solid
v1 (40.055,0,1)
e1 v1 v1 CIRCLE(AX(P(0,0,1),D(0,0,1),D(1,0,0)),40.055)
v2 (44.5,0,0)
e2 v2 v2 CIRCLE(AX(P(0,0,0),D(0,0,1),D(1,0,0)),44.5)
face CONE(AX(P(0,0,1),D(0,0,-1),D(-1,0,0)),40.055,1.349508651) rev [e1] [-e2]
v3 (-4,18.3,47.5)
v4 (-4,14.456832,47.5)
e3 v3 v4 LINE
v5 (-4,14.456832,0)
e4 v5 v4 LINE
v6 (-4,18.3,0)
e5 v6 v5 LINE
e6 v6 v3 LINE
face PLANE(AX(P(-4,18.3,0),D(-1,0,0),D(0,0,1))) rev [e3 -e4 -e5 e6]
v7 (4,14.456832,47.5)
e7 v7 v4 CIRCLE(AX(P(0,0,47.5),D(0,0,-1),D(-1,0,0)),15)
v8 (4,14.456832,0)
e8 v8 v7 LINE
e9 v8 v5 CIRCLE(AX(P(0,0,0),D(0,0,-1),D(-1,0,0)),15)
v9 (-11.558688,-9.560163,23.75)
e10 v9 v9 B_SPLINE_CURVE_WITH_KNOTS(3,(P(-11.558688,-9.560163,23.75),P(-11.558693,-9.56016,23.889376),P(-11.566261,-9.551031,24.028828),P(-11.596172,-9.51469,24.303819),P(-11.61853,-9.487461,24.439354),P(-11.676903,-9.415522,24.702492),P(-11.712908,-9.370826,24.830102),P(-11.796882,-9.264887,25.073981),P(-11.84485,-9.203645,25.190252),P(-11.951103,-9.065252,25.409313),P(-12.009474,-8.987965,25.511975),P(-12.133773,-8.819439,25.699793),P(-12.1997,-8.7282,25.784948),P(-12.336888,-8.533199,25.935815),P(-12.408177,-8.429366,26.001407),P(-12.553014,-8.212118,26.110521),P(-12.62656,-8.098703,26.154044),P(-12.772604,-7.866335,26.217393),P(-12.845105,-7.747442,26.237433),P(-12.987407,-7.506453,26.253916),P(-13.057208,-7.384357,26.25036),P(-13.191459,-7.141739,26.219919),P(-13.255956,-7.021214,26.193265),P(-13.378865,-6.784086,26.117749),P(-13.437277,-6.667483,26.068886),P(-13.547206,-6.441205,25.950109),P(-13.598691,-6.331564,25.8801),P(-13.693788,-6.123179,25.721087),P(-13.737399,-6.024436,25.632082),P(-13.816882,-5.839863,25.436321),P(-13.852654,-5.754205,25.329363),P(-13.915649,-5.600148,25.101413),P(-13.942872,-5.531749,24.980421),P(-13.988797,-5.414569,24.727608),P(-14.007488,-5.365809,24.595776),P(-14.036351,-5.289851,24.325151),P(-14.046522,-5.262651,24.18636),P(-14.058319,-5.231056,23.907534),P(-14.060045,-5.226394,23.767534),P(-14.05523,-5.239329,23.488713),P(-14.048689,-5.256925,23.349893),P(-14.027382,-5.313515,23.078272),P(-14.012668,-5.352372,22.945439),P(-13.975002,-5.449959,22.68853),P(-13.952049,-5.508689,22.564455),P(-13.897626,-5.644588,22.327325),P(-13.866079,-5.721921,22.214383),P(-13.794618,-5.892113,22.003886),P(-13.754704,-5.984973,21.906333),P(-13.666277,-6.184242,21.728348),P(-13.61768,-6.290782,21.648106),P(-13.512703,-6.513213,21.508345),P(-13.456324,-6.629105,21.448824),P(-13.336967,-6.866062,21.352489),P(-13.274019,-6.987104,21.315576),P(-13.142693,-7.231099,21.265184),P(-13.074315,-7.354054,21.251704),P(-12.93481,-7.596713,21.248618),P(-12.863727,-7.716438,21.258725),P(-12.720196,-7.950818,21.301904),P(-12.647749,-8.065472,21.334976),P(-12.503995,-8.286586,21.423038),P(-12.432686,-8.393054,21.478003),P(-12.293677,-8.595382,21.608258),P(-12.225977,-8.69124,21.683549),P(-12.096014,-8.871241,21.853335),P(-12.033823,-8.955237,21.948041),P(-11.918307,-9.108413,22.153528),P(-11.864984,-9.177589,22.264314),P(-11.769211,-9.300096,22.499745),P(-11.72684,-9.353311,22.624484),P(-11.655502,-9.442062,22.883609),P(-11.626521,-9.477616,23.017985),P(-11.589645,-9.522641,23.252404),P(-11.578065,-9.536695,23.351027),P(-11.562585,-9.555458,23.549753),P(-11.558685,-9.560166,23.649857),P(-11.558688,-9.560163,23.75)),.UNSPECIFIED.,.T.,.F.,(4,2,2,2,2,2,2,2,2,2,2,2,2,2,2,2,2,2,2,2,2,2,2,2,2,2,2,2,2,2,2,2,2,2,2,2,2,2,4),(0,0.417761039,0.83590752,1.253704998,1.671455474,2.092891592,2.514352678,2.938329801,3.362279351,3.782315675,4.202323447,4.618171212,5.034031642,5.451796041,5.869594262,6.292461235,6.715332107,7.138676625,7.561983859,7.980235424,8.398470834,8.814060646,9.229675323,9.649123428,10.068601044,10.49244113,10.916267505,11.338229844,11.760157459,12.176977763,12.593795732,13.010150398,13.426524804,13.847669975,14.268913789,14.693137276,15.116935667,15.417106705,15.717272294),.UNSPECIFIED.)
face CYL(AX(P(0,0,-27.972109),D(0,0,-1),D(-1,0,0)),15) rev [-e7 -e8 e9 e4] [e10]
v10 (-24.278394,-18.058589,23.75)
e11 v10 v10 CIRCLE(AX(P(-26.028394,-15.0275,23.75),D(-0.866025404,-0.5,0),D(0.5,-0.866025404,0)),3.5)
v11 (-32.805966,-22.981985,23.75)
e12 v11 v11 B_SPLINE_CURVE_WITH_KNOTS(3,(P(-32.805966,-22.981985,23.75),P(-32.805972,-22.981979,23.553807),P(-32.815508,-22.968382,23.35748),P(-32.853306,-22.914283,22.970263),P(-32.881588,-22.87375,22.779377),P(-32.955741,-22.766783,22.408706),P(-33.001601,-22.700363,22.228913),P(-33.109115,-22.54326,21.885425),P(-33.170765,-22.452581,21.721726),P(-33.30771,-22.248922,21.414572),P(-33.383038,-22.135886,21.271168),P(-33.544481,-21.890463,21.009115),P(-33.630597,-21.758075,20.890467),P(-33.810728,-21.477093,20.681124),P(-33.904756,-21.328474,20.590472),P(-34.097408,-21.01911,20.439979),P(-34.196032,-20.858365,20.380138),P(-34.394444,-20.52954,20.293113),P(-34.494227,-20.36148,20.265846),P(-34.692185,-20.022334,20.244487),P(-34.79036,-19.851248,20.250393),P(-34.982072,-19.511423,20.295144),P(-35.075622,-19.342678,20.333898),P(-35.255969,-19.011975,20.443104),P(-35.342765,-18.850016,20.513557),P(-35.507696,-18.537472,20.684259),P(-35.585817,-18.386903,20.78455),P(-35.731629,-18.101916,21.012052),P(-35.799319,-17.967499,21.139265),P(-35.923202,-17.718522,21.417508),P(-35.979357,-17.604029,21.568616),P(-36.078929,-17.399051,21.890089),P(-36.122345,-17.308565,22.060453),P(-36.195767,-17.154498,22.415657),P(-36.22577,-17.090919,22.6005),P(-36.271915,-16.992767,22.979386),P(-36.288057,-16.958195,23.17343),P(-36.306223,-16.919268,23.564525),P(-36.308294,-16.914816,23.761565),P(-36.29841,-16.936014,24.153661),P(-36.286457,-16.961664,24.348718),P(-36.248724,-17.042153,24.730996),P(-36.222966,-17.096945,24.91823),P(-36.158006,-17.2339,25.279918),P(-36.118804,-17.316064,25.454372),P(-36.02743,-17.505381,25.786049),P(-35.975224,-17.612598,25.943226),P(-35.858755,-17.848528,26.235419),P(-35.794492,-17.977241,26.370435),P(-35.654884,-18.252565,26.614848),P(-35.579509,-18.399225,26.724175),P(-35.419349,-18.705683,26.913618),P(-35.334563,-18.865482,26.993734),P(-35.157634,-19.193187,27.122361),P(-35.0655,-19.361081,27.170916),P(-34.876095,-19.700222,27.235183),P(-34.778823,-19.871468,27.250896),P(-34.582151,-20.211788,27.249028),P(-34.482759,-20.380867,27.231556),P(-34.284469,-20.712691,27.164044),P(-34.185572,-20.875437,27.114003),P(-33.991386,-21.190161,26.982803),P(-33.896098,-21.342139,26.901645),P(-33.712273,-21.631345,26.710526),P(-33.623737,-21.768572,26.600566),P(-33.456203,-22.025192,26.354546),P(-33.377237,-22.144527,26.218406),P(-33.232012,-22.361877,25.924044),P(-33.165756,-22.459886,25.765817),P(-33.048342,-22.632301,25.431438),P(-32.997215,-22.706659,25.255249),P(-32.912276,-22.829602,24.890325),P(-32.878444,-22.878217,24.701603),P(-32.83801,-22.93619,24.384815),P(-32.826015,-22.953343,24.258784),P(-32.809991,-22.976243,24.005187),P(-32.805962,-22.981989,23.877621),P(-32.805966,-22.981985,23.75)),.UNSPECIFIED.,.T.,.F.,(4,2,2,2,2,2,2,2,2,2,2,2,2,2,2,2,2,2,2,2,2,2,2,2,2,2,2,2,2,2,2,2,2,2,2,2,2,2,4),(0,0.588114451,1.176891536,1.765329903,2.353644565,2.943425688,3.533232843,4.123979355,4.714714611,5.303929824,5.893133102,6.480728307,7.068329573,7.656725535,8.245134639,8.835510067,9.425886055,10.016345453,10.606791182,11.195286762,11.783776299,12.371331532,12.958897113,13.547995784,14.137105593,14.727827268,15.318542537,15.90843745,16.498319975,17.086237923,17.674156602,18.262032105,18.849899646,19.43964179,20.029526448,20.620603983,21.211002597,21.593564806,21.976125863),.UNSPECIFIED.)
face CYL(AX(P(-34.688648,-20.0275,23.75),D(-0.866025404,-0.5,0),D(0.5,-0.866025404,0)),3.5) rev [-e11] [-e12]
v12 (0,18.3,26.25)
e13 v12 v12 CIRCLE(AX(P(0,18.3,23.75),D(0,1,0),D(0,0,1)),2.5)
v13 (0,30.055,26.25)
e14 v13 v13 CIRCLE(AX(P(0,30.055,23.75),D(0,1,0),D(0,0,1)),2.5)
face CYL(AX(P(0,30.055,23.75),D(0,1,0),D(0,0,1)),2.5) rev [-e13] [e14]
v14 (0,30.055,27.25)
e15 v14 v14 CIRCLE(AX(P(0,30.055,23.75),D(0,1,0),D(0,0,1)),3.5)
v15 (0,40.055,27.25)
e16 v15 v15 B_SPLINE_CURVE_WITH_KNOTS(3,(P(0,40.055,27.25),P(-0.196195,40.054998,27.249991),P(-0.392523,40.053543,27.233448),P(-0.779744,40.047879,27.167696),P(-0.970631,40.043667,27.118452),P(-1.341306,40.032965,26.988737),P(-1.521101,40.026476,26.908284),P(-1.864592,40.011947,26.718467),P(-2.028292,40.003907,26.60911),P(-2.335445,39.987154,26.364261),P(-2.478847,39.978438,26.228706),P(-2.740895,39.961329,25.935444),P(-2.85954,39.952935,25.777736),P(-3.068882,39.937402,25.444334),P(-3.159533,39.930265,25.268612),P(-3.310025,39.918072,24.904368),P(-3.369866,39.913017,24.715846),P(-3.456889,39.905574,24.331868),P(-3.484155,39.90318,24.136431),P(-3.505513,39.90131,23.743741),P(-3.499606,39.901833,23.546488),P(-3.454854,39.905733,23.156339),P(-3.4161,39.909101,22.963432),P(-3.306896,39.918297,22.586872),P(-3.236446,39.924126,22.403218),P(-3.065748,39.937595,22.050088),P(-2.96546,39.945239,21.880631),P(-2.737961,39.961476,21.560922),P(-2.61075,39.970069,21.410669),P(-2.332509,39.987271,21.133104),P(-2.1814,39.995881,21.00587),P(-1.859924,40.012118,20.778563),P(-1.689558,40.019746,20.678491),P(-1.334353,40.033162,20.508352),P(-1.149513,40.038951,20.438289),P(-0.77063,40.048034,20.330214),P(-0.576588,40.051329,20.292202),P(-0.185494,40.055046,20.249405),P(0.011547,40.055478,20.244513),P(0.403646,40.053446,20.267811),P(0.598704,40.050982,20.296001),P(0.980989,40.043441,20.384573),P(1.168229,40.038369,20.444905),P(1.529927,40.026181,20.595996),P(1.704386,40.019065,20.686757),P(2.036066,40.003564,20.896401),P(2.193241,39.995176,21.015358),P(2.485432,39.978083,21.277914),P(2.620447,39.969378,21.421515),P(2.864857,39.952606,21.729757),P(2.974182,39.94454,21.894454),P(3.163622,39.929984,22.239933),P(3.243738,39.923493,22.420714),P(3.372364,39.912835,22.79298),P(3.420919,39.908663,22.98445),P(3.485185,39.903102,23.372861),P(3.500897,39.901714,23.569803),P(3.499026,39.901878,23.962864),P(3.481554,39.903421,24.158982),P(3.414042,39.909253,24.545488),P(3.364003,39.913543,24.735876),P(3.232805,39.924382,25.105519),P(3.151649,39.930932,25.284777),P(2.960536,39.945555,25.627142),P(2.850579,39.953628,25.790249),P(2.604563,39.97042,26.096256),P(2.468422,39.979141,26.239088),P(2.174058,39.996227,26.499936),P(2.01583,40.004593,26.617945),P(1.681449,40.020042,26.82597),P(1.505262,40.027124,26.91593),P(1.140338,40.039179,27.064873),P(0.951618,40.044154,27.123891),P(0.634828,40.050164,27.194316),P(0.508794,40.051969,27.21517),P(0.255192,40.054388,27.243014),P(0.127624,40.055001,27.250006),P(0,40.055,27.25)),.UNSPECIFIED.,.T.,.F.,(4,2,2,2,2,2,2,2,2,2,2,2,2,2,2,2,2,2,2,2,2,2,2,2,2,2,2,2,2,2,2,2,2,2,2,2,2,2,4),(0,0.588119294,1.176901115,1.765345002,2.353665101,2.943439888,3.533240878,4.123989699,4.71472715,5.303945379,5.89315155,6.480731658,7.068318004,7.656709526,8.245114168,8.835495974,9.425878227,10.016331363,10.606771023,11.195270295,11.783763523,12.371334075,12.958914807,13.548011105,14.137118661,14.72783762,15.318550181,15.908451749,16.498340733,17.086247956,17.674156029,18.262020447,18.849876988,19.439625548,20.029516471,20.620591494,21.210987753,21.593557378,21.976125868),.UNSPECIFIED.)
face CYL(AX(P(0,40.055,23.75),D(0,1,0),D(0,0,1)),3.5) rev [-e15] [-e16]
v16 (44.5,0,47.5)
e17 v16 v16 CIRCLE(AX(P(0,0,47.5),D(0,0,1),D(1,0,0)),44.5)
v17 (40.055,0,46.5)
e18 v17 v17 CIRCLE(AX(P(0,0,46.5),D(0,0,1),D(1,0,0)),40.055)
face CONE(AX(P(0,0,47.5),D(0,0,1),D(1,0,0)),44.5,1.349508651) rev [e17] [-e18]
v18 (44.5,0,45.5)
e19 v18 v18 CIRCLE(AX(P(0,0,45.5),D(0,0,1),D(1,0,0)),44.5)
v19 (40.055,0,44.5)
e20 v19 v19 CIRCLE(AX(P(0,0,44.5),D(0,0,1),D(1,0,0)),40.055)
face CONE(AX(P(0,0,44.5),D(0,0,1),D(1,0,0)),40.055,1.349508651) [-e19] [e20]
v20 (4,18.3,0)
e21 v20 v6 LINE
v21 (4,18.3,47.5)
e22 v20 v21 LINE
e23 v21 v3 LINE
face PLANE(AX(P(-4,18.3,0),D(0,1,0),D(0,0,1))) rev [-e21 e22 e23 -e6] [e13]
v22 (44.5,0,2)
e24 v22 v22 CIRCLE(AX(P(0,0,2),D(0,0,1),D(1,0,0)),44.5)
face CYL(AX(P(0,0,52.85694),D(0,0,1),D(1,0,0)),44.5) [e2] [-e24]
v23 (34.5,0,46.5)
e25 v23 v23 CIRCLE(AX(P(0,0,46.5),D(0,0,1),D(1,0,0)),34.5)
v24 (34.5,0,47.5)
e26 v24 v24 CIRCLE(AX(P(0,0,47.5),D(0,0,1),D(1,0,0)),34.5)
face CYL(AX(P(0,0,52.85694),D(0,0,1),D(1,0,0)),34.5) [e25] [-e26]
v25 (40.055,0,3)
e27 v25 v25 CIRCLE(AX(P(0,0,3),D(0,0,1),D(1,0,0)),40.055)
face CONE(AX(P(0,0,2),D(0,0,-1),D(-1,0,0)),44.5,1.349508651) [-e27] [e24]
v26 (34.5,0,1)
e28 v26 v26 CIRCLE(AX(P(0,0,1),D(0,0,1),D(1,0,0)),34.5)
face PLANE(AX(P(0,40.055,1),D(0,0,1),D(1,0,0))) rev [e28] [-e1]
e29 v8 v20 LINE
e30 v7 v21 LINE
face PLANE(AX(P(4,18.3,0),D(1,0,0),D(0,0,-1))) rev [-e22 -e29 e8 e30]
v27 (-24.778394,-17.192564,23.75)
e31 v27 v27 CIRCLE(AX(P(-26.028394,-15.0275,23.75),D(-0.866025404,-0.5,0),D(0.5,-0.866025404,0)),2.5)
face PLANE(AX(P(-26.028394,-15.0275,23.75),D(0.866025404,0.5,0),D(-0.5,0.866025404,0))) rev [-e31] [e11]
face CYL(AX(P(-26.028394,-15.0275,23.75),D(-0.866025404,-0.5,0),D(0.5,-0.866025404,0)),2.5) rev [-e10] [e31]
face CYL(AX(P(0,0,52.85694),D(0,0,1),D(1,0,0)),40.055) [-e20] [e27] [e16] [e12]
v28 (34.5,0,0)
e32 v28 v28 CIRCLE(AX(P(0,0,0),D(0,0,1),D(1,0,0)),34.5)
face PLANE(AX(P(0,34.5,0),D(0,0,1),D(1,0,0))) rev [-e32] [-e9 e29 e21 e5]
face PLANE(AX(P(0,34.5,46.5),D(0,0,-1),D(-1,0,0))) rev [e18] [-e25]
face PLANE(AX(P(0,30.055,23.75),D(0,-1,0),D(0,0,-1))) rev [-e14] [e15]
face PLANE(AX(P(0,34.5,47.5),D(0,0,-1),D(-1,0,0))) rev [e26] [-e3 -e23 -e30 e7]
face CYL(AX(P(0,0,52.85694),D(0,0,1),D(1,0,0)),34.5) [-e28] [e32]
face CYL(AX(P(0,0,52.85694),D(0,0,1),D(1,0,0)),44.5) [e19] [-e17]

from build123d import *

# Parameters (mm, degrees)
SKETCH2_W                    = 47.5
SKETCH2_H                    = 15
CUT_EXTRUDE1_DEPTH           = 79.846369606
F_7_0_7_DIAMETER_HOLE1_D     = 7
F_7_0_7_DIAMETER_HOLE1_DEPTH = 10
M6X1_0_TAPPED_HOLE1_REACH    = 100.969
M6X1_0_TAPPED_HOLE1_BORE_R   = 2.5
CIRPATTERN1_COUNT            = 2
CIRPATTERN1_ANGLE            = 120


with BuildPart() as part:
    # Sketch1 → Revolve1 (revolve)
    with BuildSketch(Plane(origin=(0, 0, 0), x_dir=(0, 0, -1), z_dir=(1, 0, 0)), mode=Mode.PRIVATE) as revolve1_sk:
        Polygon((-47.5, 34.5), (-46.5, 34.5), (-46.5, 40.055), (-47.5, 44.5), (-45.5, 44.5), (-44.5, 40.055), (-3, 40.055), (-2, 44.5), (0, 44.5), (-1, 40.055), (-1, 34.5), (0, 34.5), (0, 0), (-47.5, 0), align=None)
    revolve(revolve1_sk.sketch.rotate(Axis((0, 0, 52.856940479), (0, 0, -1)), 90), axis=Axis((0, 0, 52.856940479), (0, 0, -1)))

    # Sketch2 → Cut-Revolve1 (revolve, cut)
    with BuildSketch(Plane(origin=(0, 0, 0), x_dir=(0, 0, -1), z_dir=(1, 0, 0)), mode=Mode.PRIVATE) as cut_revolve1_sk:
        with Locations((-23.75, 7.5)):
            Rectangle(SKETCH2_W, SKETCH2_H)
    revolve(cut_revolve1_sk.sketch.rotate(Axis((0, 0, -27.972108766), (0, 0, 1)), 90), axis=Axis((0, 0, -27.972108766), (0, 0, 1)), mode=Mode.SUBTRACT)

    # Sketch3 → Cut-Extrude1 (cut, through all)
    with BuildSketch(Plane.XY.offset(47.5)):
        with BuildLine():
            Line((-4, 18.3), (4, 18.3))
            Line((4, 18.3), (4, 14.456832295))
            ThreePointArc((4, 14.456832295), (0, 15), (-4, 14.456832295))
            Line((-4, 14.456832295), (-4, 18.3))
        make_face()
    extrude(amount=-CUT_EXTRUDE1_DEPTH, mode=Mode.SUBTRACT)

    # Ø7.0 (7) Diameter Hole1
    with Locations(Plane(origin=(0, 40.055, 0), x_dir=(-1, 0, 0), z_dir=(0, 1, 0))):
        with Locations((0, 23.75)):
            f_7_0_7_diameter_hole1 = Hole(F_7_0_7_DIAMETER_HOLE1_D / 2, depth=F_7_0_7_DIAMETER_HOLE1_DEPTH)

    # M6x1.0 Tapped Hole1 bore → M6x1.0 Tapped Hole1 (cut, up to next)
    with BuildSketch(Plane(origin=(0, 30.055, 0), x_dir=(-1, 0, 0), z_dir=(0, 1, 0)), mode=Mode.PRIVATE) as m6x1_0_tapped_hole1_sk1:
        with Locations((0, 23.75)):
            Circle(M6X1_0_TAPPED_HOLE1_BORE_R)
    m6x1_0_tapped_hole1_tool1 = extrude(m6x1_0_tapped_hole1_sk1.sketch, amount=-M6X1_0_TAPPED_HOLE1_REACH, mode=Mode.PRIVATE) & part.part
    m6x1_0_tapped_hole1 = m6x1_0_tapped_hole1_tool1.solids().sort_by_distance((0, 30.055, 23.75))[0]
    add(m6x1_0_tapped_hole1, mode=Mode.SUBTRACT)

    # CirPattern1: Ø7.0 (7) Diameter Hole1, M6x1.0 Tapped Hole1; each copy of M6x1.0 Tapped Hole1 runs up to whatever stops it at its own place
    cirpattern1_before = part.part  # the part as the pattern finds it: every copy runs up to it
    add(f_7_0_7_diameter_hole1.rotate(Axis((0, 0, -27.972108766), (0, 0, 1)), 1 * CIRPATTERN1_ANGLE / (CIRPATTERN1_COUNT - 1)), mode=Mode.SUBTRACT)
    cirpattern1_m6x1_0_tapped_hole1_long = extrude(m6x1_0_tapped_hole1_sk1.sketch, amount=-M6X1_0_TAPPED_HOLE1_REACH, mode=Mode.PRIVATE)
    cirpattern1_m6x1_0_tapped_hole1_tool1 = cirpattern1_m6x1_0_tapped_hole1_long.rotate(Axis((0, 0, -27.972108766), (0, 0, 1)), 1 * CIRPATTERN1_ANGLE / (CIRPATTERN1_COUNT - 1)) & cirpattern1_before
    add(cirpattern1_m6x1_0_tapped_hole1_tool1.solids().sort_by_distance((-26.028394, -15.0275, 23.75))[0], mode=Mode.SUBTRACT)


solid = part.part
